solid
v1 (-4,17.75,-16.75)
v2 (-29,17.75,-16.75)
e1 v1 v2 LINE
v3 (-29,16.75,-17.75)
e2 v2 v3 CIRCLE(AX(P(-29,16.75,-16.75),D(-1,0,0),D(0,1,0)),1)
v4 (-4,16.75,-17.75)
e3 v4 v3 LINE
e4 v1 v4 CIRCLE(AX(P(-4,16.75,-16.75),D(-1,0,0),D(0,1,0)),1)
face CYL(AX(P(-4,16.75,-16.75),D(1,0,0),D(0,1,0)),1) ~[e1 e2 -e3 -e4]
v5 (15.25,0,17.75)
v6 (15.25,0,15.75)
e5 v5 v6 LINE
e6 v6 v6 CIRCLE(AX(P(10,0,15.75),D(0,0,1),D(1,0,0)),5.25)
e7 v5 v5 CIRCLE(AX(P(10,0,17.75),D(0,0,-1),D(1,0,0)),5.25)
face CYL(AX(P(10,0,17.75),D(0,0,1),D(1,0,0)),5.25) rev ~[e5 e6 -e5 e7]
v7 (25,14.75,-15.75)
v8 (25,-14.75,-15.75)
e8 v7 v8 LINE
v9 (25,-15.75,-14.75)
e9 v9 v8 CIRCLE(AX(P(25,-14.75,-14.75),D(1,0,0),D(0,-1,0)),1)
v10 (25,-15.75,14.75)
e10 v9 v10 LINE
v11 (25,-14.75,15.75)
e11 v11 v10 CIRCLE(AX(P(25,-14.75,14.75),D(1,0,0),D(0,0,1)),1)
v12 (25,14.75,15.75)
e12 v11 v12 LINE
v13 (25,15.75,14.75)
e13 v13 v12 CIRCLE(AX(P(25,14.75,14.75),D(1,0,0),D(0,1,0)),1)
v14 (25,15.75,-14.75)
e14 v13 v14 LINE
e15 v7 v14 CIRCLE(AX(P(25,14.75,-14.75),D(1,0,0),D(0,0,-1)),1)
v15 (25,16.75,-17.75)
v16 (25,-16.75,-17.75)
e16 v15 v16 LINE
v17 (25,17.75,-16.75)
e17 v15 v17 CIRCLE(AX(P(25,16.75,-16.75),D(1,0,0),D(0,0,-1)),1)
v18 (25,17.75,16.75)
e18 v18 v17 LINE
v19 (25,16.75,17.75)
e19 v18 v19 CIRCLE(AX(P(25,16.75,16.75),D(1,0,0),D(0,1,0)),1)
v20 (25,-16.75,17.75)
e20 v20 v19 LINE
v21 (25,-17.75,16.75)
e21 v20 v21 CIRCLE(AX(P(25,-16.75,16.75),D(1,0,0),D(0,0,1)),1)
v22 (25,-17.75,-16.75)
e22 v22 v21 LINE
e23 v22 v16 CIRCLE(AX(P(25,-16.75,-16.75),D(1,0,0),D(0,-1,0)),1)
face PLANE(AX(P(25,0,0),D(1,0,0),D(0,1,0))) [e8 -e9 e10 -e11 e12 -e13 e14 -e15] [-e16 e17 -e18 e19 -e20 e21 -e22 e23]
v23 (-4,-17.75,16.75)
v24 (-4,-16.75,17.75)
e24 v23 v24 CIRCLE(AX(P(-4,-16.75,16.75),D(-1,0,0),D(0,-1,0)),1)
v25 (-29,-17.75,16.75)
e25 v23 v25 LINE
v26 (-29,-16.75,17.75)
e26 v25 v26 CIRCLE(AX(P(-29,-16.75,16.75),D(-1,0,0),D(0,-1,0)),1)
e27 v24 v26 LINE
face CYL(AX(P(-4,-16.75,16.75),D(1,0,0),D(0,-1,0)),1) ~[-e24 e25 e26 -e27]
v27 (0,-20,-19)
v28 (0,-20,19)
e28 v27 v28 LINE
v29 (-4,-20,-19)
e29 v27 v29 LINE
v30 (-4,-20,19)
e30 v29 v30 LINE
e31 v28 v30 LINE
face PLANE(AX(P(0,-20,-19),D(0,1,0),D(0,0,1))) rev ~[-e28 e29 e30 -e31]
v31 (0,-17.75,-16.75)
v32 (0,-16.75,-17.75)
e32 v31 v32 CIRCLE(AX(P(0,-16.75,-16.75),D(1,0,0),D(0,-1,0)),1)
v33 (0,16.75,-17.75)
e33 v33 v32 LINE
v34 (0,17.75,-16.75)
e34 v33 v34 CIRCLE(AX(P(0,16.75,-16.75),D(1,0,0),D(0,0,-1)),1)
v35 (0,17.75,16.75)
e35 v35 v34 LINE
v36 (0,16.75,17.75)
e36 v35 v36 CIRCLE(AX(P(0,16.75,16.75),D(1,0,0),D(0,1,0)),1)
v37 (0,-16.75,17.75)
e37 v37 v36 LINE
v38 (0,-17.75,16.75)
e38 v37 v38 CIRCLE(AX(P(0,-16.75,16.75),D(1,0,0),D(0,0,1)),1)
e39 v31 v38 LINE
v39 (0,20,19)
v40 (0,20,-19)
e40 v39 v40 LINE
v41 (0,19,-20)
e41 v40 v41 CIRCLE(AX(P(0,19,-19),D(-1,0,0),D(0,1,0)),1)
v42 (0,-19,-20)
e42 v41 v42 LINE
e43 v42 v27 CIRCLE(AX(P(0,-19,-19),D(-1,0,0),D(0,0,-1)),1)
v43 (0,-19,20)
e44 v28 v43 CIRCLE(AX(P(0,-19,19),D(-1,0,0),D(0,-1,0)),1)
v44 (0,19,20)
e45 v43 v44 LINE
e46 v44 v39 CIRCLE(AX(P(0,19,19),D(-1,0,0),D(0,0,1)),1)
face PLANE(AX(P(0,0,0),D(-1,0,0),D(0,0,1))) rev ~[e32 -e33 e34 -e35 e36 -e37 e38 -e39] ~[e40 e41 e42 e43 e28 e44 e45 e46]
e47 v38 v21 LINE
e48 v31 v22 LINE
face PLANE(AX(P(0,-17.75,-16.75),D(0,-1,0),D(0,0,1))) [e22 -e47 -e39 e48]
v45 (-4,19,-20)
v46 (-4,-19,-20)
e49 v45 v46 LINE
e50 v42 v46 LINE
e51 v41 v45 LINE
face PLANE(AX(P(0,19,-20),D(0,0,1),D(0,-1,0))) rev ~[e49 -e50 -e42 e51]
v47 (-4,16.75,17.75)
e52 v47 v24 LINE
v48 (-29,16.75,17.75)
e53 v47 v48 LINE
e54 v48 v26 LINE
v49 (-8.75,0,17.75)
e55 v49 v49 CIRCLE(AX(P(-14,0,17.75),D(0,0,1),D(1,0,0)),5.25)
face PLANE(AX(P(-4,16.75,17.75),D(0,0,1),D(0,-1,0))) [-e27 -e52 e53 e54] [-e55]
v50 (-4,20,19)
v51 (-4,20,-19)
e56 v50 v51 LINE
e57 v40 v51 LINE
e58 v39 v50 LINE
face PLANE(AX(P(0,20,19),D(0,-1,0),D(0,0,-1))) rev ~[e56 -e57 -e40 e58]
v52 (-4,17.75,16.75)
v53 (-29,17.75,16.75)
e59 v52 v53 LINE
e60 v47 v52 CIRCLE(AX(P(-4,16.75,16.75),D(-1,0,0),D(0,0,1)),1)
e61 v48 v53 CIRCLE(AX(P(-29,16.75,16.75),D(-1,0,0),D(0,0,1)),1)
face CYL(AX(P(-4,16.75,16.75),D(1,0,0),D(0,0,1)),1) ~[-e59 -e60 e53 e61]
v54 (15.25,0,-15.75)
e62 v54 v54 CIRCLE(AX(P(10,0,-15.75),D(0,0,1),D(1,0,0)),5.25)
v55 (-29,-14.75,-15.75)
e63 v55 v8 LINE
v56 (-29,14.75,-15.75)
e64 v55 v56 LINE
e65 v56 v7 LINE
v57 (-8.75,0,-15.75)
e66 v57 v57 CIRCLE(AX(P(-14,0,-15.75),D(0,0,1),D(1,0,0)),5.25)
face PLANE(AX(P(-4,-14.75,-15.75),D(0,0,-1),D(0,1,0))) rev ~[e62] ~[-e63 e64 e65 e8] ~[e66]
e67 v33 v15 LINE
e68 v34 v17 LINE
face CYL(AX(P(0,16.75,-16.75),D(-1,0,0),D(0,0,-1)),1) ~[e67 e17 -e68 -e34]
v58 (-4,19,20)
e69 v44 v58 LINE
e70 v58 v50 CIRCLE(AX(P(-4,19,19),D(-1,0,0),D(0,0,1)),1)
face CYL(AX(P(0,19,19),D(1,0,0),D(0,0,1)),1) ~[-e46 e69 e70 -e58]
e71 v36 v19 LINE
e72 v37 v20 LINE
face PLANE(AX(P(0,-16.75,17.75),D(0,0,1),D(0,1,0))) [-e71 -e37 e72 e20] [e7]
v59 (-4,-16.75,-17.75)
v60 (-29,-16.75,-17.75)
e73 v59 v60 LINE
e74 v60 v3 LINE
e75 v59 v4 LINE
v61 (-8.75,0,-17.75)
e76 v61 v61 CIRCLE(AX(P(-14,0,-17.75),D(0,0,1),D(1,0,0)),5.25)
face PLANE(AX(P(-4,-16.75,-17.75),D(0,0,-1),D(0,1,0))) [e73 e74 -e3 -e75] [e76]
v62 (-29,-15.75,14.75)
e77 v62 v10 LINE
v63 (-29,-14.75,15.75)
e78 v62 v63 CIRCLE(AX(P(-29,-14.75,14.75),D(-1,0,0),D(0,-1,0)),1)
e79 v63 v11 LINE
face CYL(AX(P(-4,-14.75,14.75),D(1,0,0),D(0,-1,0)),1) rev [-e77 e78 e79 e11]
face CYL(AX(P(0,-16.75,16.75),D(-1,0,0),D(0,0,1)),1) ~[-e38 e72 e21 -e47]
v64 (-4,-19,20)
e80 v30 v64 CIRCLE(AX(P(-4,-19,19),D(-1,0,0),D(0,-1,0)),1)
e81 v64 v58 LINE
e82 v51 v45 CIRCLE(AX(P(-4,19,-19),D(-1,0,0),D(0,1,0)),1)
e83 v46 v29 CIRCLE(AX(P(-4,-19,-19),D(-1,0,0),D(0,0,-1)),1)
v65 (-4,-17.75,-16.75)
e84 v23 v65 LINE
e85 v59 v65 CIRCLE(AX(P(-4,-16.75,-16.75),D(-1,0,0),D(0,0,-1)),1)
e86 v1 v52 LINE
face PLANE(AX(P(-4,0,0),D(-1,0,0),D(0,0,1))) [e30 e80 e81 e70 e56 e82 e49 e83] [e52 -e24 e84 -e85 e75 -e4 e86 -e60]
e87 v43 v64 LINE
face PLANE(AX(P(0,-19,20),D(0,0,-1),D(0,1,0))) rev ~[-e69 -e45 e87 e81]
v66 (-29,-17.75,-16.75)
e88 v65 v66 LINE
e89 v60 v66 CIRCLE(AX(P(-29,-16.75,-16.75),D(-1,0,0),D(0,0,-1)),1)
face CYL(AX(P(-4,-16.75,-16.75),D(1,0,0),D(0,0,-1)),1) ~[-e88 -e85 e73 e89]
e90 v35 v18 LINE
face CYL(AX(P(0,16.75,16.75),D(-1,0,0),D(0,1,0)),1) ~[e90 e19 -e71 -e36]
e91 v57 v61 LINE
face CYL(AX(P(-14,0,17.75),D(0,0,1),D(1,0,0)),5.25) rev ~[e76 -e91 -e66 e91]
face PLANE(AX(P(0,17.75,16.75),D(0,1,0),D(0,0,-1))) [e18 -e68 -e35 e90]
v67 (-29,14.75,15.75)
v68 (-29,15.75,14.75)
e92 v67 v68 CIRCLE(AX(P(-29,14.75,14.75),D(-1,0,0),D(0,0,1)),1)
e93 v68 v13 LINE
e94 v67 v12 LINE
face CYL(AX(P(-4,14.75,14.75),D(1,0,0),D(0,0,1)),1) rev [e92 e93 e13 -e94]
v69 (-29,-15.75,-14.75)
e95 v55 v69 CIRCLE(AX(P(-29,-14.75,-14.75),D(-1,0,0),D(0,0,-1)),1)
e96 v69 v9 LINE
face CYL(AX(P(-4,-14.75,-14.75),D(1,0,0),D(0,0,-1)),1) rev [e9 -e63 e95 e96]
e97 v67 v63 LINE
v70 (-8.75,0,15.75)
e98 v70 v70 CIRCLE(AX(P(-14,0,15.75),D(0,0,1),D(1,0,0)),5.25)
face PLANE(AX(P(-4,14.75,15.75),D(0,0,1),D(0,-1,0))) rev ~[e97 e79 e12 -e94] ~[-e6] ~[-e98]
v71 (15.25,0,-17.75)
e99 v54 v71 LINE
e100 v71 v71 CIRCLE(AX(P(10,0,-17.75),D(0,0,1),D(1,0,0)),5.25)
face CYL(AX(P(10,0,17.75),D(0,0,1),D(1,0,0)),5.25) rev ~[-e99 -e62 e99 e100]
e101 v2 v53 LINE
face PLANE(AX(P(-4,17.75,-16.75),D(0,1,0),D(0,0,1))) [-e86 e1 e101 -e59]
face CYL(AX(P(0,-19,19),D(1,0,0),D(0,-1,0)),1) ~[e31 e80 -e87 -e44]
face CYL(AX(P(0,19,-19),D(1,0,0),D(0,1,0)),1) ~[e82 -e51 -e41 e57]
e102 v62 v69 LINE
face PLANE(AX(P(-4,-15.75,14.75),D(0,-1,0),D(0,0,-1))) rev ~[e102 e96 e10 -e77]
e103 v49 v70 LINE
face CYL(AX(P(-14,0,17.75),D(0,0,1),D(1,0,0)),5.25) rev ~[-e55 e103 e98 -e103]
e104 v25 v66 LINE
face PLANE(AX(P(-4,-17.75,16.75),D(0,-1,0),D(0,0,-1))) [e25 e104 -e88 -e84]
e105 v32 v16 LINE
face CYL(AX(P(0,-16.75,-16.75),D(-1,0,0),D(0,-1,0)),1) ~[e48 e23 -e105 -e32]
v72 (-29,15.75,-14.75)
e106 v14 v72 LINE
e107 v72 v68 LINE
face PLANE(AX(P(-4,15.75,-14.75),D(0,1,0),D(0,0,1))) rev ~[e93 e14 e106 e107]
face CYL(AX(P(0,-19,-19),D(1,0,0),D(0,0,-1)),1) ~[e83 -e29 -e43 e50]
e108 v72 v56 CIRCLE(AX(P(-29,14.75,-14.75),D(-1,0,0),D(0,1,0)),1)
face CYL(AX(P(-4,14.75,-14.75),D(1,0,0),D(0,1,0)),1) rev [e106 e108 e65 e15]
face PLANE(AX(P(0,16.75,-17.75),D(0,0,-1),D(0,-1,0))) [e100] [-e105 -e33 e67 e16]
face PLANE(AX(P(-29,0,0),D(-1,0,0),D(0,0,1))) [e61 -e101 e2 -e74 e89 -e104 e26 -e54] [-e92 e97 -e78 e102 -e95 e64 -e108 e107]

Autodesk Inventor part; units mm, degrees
ref_plane "YZ Plane" through (0, 0, 0) normal (1, 0, 0) x (0, 1, 0)
ref_plane "XZ Plane" through (0, 0, 0) normal (0, 1, 0) x (-1, 0, 0)
ref_plane "XY Plane" through (0, 0, 0) normal (0, 0, 1) x (1, 0, 0)
sketch "Skizze1" plane through (0, 0, 0) normal (1, 0, 0) x (0, 1, 0)
  line L0 (-16.75, 17.75) -> (16.75, 17.75)
  line L1 (17.75, 16.75) -> (17.75, -16.75)
  line L2 (16.75, -17.75) -> (-16.75, -17.75)
  line L3 (-17.75, -16.75) -> (-17.75, 16.75)
  line L4 (-17.75, 17.75) -> (17.75, -17.75) construction
  line L5 (17.75, 17.75) -> (-17.75, -17.75) construction
  line L6 (-14.75, 15.75) -> (14.75, 15.75)
  line L7 (15.75, 14.75) -> (15.75, -14.75)
  line L8 (14.75, -15.75) -> (-14.75, -15.75)
  line L9 (-15.75, -14.75) -> (-15.75, 14.75)
  line L10 (-15.75, 15.75) -> (15.75, -15.75) construction
  line L11 (15.75, 15.75) -> (-15.75, -15.75) construction
  arc A0 (17.75, 16.75) -> (16.75, 17.75) centre (16.75, 16.75) ccw
  arc A1 (-16.75, 17.75) -> (-17.75, 16.75) centre (-16.75, 16.75) ccw
  arc A2 (-17.75, -16.75) -> (-16.75, -17.75) centre (-16.75, -16.75) ccw
  arc A3 (16.75, -17.75) -> (17.75, -16.75) centre (16.75, -16.75) ccw
  arc A4 (14.75, -15.75) -> (15.75, -14.75) centre (14.75, -14.75) ccw
  arc A5 (-15.75, -14.75) -> (-14.75, -15.75) centre (-14.75, -14.75) ccw
  arc A6 (-14.75, 15.75) -> (-15.75, 14.75) centre (-14.75, 14.75) ccw
  arc A7 (15.75, 14.75) -> (14.75, 15.75) centre (14.75, 14.75) ccw
  point P0 (0, 0)
  dimension "d0" = 35.5
  dimension "d1" = 35.5
  dimension "d2" = 31.5
  dimension "d3" = 31.5
  dimension "d4" = 1
extrude "Extrusion1" add sketch "Skizze1" along normal blind 25
sketch "Skizze2" plane through (0, 0, 0) normal (-1, 0, 0) x (0, 0, 1)
  line L0 (19, 20) -> (-19, 20)
  line L1 (-20, 19) -> (-20, -19)
  line L2 (-19, -20) -> (19, -20)
  line L3 (20, -19) -> (20, 19)
  line L4 (20, 20) -> (-20, -20) construction
  line L5 (-20, 20) -> (20, -20) construction
  line L6 (16.75, 17.75) -> (-16.75, 17.75)
  line L7 (-17.75, 16.75) -> (-17.75, -16.75)
  line L8 (-16.75, -17.75) -> (16.75, -17.75)
  line L9 (17.75, -16.75) -> (17.75, 16.75)
  line L10 (17.75, 17.75) -> (-17.75, -17.75) construction
  line L11 (-17.75, 17.75) -> (17.75, -17.75) construction
  arc A0 (19, -20) -> (20, -19) centre (19, -19) ccw
  arc A1 (20, 19) -> (19, 20) centre (19, 19) ccw
  arc A2 (-19, 20) -> (-20, 19) centre (-19, 19) ccw
  arc A3 (-20, -19) -> (-19, -20) centre (-19, -19) ccw
  arc A4 (-17.75, -16.75) -> (-16.75, -17.75) centre (-16.75, -16.75) ccw
  arc A5 (-16.75, 17.75) -> (-17.75, 16.75) centre (-16.75, 16.75) ccw
  arc A6 (17.75, 16.75) -> (16.75, 17.75) centre (16.75, 16.75) ccw
  arc A7 (16.75, -17.75) -> (17.75, -16.75) centre (16.75, -16.75) ccw
  line L12 (-16.75, 17.75) -> (16.75, 17.75)
  line L13 (17.75, 16.75) -> (17.75, -16.75)
  line L14 (16.75, -17.75) -> (-16.75, -17.75)
  line L15 (-17.75, -16.75) -> (-17.75, 16.75)
  line L16 (-17.75, 17.75) -> (17.75, -17.75) construction
  line L17 (17.75, 17.75) -> (-17.75, -17.75) construction
  arc A8 (17.75, 16.75) -> (16.75, 17.75) centre (16.75, 16.75) ccw
  arc A9 (17.75, 16.75) -> (16.75, 17.75) centre (16.75, 16.75) ccw
  arc A10 (16.75, -17.75) -> (17.75, -16.75) centre (16.75, -16.75) ccw
  arc A11 (-16.75, 17.75) -> (-17.75, 16.75) centre (-16.75, 16.75) ccw
  arc A12 (-17.75, -16.75) -> (-16.75, -17.75) centre (-16.75, -16.75) ccw
  point P0 (0, 0)
  dimension "d7" = 40
  dimension "d8" = 40
  dimension "d9" = 1
  dimension "d10" = 1
  dimension "d11" = 1
extrude "Extrusion2" add sketch "Skizze2" along normal blind 4 contours A1 L3 A0 L2 A3 L1 A2 L0 | A6 L9 A7 L8 A4 L7 A5 L6
sketch "Skizze3" plane through (-4, 0, 0) normal (-1, 0, 0) x (0, 0, 1)
  line L0 (-14.75, 15.75) -> (14.75, 15.75)
  line L1 (15.75, 14.75) -> (15.75, -14.75)
  line L2 (14.75, -15.75) -> (-14.75, -15.75)
  line L3 (-15.75, -14.75) -> (-15.75, 14.75)
  line L4 (-15.75, 15.75) -> (15.75, -15.75) construction
  line L5 (15.75, 15.75) -> (-15.75, -15.75) construction
  arc A0 (15.75, 14.75) -> (14.75, 15.75) centre (14.75, 14.75) ccw
  arc A1 (-14.75, 15.75) -> (-15.75, 14.75) centre (-14.75, 14.75) ccw
  arc A2 (-15.75, -14.75) -> (-14.75, -15.75) centre (-14.75, -14.75) ccw
  arc A3 (14.75, -15.75) -> (15.75, -14.75) centre (14.75, -14.75) ccw
  point P0 (0, 0)
  dimension "d14" = 31.5
  dimension "d15" = 1
extrude "Extrusion3" cut sketch "Skizze3" against normal blind 4
sketch "Skizze4" plane through (-4, 0, 0) normal (-1, 0, 0) x (0, 0, 1)
  line L0 (-16.75, 17.75) -> (16.75, 17.75)
  line L1 (17.75, 16.75) -> (17.75, -16.75)
  line L2 (16.75, -17.75) -> (-16.75, -17.75)
  line L3 (-17.75, -16.75) -> (-17.75, 16.75)
  line L4 (-17.75, 17.75) -> (17.75, -17.75) construction
  line L5 (17.75, 17.75) -> (-17.75, -17.75) construction
  line L6 (-14.75, 15.75) -> (14.75, 15.75)
  line L7 (15.75, 14.75) -> (15.75, -14.75)
  line L8 (14.75, -15.75) -> (-14.75, -15.75)
  line L9 (-15.75, -14.75) -> (-15.75, 14.75)
  line L10 (-15.75, 15.75) -> (15.75, -15.75) construction
  line L11 (15.75, 15.75) -> (-15.75, -15.75) construction
  arc A0 (17.75, 16.75) -> (16.75, 17.75) centre (16.75, 16.75) ccw
  arc A1 (16.75, -17.75) -> (17.75, -16.75) centre (16.75, -16.75) ccw
  arc A2 (-17.75, -16.75) -> (-16.75, -17.75) centre (-16.75, -16.75) ccw
  arc A3 (-16.75, 17.75) -> (-17.75, 16.75) centre (-16.75, 16.75) ccw
  arc A4 (-14.75, 15.75) -> (-15.75, 14.75) centre (-14.75, 14.75) ccw
  arc A5 (15.75, 14.75) -> (14.75, 15.75) centre (14.75, 14.75) ccw
  arc A6 (14.75, -15.75) -> (15.75, -14.75) centre (14.75, -14.75) ccw
  arc A7 (-15.75, -14.75) -> (-14.75, -15.75) centre (-14.75, -14.75) ccw
  point P0 (0, 0)
  dimension "d18" = 1
extrude "Extrusion4" add sketch "Skizze4" along normal blind 25
sketch "Skizze5" plane through (25, -16.75, 17.75) normal (0, 0, 1) x (1, 0, 0)
  line L0 (-25, 16.75) -> (-15, 16.75)
  line L1 (-15, 16.75) -> (-39, 16.75)
  circle A0 centre (-15, 16.75) radius 5.25
  circle A1 centre (-39, 16.75) radius 5.25
  dimension "d21" = 10
  dimension "d22" = 24
  dimension "d23" = 10.5
  dimension "d24" = 10.5
extrude "Extrusion5" cut sketch "Skizze5" against normal blind 50
properties part number "Verbinder" material "Edelstahl, 440C"
